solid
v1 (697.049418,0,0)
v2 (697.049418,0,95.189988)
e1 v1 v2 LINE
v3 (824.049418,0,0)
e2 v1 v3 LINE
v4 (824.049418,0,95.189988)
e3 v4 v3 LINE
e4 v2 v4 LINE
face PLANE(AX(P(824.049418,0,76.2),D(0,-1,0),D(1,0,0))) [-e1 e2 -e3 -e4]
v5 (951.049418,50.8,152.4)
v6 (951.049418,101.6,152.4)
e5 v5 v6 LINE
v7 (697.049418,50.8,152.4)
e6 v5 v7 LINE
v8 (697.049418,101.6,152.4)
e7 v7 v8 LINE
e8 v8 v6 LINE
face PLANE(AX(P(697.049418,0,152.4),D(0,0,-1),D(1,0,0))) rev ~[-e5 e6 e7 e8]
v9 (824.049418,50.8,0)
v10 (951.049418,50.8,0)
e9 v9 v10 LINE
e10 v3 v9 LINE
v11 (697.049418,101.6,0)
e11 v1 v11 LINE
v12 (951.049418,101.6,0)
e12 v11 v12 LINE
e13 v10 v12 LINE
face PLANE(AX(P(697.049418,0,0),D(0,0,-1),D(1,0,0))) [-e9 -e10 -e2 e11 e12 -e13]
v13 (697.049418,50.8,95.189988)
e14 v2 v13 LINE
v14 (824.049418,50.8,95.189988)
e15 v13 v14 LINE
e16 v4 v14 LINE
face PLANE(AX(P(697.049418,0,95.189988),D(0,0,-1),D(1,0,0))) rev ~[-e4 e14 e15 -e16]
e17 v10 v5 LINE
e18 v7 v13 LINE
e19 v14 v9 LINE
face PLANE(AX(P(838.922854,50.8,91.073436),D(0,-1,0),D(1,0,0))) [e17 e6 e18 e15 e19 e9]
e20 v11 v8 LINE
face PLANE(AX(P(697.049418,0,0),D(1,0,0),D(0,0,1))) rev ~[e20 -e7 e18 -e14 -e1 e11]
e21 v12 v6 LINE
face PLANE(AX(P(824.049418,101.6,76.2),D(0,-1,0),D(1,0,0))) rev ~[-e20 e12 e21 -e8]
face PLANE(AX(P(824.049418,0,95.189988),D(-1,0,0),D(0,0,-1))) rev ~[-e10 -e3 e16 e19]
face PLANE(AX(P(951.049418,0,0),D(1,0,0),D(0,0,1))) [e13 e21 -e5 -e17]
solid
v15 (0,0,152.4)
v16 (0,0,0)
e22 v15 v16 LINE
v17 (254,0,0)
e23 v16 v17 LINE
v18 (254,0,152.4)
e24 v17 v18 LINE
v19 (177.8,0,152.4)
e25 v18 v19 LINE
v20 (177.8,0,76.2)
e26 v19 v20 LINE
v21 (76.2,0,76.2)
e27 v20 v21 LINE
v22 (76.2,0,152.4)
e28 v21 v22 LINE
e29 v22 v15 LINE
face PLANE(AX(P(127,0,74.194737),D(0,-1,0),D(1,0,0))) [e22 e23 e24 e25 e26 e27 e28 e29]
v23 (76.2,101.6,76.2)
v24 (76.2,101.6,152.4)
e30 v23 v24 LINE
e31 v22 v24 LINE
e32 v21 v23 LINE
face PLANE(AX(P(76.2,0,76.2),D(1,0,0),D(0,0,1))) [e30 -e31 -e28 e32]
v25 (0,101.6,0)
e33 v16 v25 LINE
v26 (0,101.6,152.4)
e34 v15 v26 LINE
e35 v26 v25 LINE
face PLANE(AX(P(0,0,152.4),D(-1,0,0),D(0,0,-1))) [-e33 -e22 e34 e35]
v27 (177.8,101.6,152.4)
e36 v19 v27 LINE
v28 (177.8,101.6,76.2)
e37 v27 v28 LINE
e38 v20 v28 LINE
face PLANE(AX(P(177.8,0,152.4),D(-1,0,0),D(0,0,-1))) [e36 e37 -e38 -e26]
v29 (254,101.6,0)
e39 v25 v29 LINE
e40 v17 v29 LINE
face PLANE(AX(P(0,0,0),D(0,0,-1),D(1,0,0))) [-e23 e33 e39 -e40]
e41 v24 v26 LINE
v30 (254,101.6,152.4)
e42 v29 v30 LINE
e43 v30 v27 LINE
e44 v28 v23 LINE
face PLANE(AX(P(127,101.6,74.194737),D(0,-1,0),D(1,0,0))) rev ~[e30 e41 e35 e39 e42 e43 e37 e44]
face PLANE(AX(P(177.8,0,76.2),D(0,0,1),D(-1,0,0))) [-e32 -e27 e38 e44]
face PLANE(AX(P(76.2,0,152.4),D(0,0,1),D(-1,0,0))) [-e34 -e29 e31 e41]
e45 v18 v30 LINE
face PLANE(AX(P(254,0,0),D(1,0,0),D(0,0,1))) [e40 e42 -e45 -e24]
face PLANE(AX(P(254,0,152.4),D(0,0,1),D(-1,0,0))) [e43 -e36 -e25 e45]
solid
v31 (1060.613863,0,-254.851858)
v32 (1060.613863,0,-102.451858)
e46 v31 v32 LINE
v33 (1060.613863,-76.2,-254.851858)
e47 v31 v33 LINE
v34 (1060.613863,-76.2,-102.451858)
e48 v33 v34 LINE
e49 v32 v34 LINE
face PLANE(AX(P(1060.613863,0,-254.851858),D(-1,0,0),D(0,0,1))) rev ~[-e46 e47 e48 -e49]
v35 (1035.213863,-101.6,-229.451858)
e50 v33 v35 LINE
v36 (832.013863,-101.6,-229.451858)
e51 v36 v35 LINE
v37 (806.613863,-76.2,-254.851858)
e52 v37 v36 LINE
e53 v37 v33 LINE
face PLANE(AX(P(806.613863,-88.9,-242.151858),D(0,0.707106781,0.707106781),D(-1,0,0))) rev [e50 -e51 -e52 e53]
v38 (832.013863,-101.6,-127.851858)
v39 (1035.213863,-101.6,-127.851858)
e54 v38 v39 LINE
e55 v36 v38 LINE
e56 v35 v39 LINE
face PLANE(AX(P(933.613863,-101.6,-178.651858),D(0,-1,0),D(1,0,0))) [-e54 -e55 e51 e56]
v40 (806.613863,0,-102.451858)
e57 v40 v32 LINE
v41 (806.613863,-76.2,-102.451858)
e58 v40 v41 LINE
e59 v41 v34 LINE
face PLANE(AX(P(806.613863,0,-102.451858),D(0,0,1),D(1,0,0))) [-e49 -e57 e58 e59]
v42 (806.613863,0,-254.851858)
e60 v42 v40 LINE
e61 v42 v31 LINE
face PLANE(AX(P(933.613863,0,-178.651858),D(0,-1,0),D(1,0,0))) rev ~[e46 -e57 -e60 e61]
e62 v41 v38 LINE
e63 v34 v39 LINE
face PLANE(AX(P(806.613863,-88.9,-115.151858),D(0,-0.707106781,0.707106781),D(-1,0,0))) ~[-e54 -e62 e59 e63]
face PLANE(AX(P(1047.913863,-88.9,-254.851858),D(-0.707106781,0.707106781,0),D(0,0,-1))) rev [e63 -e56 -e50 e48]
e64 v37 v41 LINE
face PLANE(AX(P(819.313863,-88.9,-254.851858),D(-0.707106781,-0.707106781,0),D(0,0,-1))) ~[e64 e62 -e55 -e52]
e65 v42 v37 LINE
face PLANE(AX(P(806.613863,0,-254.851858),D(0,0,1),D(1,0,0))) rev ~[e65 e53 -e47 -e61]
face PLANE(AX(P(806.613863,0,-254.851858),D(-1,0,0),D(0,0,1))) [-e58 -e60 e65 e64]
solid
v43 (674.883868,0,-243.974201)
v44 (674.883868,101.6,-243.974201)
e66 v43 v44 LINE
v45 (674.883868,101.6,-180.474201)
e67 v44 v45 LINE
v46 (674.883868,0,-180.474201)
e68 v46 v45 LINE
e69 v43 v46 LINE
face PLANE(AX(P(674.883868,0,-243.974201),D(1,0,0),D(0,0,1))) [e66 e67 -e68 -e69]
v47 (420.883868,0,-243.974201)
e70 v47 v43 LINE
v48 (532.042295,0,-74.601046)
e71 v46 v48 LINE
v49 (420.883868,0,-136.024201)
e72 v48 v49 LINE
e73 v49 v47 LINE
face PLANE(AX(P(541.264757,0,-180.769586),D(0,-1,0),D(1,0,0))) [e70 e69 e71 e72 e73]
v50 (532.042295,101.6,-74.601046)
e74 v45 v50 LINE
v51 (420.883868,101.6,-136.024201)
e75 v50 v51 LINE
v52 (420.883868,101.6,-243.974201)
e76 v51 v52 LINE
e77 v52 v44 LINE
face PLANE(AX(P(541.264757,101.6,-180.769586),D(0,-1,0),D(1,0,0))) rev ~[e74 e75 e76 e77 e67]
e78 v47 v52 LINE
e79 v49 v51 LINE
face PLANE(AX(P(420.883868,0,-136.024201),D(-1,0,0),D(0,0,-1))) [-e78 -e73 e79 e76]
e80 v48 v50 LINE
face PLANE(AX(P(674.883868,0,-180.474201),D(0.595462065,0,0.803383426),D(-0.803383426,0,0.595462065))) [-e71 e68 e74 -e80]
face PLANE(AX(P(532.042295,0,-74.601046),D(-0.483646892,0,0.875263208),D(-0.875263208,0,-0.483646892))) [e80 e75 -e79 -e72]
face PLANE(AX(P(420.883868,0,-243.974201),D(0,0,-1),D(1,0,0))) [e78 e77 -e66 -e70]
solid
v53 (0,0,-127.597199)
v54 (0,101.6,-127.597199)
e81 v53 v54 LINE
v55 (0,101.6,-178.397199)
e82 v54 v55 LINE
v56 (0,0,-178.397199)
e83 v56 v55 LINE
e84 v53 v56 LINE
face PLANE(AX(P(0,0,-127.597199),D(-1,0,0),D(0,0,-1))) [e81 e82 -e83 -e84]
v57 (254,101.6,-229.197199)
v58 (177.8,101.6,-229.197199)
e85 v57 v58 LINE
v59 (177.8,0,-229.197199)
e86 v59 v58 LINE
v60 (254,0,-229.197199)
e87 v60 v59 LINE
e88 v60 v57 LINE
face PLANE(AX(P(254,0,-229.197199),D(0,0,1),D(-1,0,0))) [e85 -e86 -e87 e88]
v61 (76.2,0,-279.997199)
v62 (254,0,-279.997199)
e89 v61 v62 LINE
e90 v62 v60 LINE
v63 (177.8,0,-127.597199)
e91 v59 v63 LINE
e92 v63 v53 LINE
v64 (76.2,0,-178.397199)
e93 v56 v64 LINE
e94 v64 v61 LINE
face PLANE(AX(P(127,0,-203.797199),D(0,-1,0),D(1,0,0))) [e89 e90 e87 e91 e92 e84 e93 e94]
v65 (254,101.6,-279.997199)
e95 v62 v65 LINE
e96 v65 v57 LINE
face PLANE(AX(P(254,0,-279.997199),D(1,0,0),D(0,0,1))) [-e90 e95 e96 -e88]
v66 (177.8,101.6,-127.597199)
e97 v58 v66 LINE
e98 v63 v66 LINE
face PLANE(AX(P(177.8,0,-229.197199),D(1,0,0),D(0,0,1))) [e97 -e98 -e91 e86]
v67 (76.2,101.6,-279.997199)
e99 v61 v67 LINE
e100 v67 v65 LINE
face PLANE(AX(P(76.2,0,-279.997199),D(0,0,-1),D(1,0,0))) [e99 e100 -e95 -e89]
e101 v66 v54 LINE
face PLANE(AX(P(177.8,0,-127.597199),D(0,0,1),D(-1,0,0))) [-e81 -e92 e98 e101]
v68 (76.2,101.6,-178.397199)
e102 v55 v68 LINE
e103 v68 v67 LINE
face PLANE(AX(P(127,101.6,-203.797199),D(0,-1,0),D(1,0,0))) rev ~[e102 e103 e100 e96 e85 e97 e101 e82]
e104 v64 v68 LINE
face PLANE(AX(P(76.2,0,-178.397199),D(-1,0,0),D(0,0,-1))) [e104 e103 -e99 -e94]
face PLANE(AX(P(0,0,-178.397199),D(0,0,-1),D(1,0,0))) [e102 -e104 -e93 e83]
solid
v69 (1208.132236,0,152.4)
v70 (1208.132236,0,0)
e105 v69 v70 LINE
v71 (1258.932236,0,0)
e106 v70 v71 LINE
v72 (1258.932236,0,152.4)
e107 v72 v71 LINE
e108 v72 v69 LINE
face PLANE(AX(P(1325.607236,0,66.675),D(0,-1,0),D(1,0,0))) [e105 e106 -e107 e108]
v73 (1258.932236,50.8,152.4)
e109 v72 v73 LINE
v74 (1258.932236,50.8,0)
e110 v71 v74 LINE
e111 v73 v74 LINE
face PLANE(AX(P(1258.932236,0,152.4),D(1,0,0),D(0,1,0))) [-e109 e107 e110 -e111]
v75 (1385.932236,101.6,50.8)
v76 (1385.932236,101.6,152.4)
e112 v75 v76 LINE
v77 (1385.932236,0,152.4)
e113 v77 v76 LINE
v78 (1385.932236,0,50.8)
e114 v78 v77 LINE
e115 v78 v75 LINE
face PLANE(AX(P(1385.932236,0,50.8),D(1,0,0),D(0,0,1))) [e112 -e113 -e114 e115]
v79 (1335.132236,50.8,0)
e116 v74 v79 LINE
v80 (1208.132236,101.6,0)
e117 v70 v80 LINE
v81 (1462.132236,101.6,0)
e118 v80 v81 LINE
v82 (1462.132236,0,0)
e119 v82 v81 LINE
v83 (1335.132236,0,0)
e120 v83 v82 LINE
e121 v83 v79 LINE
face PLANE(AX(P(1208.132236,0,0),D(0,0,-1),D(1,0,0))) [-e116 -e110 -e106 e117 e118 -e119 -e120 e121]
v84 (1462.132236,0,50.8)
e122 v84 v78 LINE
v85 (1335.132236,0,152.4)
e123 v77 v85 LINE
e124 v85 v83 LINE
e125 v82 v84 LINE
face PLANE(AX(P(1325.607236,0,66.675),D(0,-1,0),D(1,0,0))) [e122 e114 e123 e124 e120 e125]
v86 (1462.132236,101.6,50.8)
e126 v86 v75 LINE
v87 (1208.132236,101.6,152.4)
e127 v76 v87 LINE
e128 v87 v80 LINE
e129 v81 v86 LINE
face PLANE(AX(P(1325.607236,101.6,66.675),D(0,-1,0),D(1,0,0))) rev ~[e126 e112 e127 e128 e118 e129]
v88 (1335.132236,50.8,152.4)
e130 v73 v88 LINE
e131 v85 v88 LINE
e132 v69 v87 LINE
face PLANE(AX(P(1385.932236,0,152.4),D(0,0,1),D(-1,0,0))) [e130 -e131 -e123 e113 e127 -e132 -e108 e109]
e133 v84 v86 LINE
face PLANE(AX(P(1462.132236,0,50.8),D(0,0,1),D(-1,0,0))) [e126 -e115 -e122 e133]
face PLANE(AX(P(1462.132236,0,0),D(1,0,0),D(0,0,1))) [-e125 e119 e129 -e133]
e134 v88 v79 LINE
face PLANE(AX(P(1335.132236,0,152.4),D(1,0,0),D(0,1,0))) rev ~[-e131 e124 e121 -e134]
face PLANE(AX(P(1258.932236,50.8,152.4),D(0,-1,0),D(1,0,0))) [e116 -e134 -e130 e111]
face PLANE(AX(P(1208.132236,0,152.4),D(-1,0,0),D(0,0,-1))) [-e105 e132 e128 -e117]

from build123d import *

# Parameters (mm, degrees)
F1_DEPTH  = 101.6
F2_W      = 254
F2_H      = 152.4
F3_DEPTH  = 101.6
F5_DEPTH  = 50.8
F7_DEPTH  = 101.6
F8_W      = 76.2
F8_H      = 50.8
F9_DEPTH  = 152.4
F11_DEPTH = 101.6
F13_DEPTH = 101.6
F14_W     = 254
F14_H     = 152.4
F15_DEPTH = 101.6
F16_SIZE  = 25.4


with BuildPart() as f1:
    # F0 (on Front) → F1 (new body)
    with BuildSketch(Plane.XZ):
        Polygon((0, 152.4), (0, 0), (254, 0), (254, 152.4), (177.8, 152.4), (177.8, 76.2), (76.2, 76.2), (76.2, 152.4), align=None)
    extrude(amount=-F1_DEPTH)


with BuildPart() as f3:
    # F2 (on Front) → F3 (new body)
    with BuildSketch(Plane.XZ):
        with Locations((824.049418, 76.2)):
            Rectangle(F2_W, F2_H)
    extrude(amount=-F3_DEPTH)

    # F4 (on face) → F5 (cut)
    with BuildSketch(Plane.XZ):
        Polygon((824.049418, 0), (951.049418, 0), (951.049418, 152.4), (697.049418, 152.4), (697.049418, 95.189988), (824.049418, 95.189988), align=None)
    extrude(amount=-F5_DEPTH, mode=Mode.SUBTRACT)


with BuildPart() as f7:
    # F6 (on Front) → F7 (new body)
    with BuildSketch(Plane.XZ):
        Polygon((1208.132236, 152.4), (1208.132236, 0), (1462.132236, 0), (1462.132236, 50.8), (1385.932236, 50.8), (1385.932236, 152.4), align=None)
    extrude(amount=-F7_DEPTH)

    # F8 (on face) → F9 (cut)
    with BuildSketch(Plane.XY.offset(152.4)):
        with Locations((1297.032236, 25.4)):
            Rectangle(F8_W, F8_H)
    extrude(amount=-F9_DEPTH, mode=Mode.SUBTRACT)


with BuildPart() as f11:
    # F10 (on Front) → F11 (new body)
    with BuildSketch(Plane.XZ):
        Polygon((0, -127.597199), (0, -178.397199), (76.2, -178.397199), (76.2, -279.997199), (254, -279.997199), (254, -229.197199), (177.8, -229.197199), (177.8, -127.597199), align=None)
    extrude(amount=-F11_DEPTH)


with BuildPart() as f13:
    # F12 (on Front) → F13 (new body)
    with BuildSketch(Plane.XZ):
        Polygon((420.883868, -136.024201), (420.883868, -243.974201), (674.883868, -243.974201), (674.883868, -180.474201), (532.042295, -74.601046), align=None)
    extrude(amount=-F13_DEPTH)


with BuildPart() as f15:
    # F14 (on Front) → F15 (new body)
    with BuildSketch(Plane.XZ):
        with Locations((933.613863, -178.651858)):
            Rectangle(F14_W, F14_H)
    extrude(amount=F15_DEPTH)

    # F16
    f16_edges = [f15.edges().sort_by_distance(p)[0] for p in [
        (806.613863, -101.6, -178.651858),
        (933.613863, -101.6, -254.851858),
        (1060.613863, -101.6, -178.651858),
        (933.613863, -101.6, -102.451858),
    ]]
    chamfer(f16_edges, length=F16_SIZE)


solid = Compound([f1.part, f3.part, f7.part, f11.part, f13.part, f15.part])
